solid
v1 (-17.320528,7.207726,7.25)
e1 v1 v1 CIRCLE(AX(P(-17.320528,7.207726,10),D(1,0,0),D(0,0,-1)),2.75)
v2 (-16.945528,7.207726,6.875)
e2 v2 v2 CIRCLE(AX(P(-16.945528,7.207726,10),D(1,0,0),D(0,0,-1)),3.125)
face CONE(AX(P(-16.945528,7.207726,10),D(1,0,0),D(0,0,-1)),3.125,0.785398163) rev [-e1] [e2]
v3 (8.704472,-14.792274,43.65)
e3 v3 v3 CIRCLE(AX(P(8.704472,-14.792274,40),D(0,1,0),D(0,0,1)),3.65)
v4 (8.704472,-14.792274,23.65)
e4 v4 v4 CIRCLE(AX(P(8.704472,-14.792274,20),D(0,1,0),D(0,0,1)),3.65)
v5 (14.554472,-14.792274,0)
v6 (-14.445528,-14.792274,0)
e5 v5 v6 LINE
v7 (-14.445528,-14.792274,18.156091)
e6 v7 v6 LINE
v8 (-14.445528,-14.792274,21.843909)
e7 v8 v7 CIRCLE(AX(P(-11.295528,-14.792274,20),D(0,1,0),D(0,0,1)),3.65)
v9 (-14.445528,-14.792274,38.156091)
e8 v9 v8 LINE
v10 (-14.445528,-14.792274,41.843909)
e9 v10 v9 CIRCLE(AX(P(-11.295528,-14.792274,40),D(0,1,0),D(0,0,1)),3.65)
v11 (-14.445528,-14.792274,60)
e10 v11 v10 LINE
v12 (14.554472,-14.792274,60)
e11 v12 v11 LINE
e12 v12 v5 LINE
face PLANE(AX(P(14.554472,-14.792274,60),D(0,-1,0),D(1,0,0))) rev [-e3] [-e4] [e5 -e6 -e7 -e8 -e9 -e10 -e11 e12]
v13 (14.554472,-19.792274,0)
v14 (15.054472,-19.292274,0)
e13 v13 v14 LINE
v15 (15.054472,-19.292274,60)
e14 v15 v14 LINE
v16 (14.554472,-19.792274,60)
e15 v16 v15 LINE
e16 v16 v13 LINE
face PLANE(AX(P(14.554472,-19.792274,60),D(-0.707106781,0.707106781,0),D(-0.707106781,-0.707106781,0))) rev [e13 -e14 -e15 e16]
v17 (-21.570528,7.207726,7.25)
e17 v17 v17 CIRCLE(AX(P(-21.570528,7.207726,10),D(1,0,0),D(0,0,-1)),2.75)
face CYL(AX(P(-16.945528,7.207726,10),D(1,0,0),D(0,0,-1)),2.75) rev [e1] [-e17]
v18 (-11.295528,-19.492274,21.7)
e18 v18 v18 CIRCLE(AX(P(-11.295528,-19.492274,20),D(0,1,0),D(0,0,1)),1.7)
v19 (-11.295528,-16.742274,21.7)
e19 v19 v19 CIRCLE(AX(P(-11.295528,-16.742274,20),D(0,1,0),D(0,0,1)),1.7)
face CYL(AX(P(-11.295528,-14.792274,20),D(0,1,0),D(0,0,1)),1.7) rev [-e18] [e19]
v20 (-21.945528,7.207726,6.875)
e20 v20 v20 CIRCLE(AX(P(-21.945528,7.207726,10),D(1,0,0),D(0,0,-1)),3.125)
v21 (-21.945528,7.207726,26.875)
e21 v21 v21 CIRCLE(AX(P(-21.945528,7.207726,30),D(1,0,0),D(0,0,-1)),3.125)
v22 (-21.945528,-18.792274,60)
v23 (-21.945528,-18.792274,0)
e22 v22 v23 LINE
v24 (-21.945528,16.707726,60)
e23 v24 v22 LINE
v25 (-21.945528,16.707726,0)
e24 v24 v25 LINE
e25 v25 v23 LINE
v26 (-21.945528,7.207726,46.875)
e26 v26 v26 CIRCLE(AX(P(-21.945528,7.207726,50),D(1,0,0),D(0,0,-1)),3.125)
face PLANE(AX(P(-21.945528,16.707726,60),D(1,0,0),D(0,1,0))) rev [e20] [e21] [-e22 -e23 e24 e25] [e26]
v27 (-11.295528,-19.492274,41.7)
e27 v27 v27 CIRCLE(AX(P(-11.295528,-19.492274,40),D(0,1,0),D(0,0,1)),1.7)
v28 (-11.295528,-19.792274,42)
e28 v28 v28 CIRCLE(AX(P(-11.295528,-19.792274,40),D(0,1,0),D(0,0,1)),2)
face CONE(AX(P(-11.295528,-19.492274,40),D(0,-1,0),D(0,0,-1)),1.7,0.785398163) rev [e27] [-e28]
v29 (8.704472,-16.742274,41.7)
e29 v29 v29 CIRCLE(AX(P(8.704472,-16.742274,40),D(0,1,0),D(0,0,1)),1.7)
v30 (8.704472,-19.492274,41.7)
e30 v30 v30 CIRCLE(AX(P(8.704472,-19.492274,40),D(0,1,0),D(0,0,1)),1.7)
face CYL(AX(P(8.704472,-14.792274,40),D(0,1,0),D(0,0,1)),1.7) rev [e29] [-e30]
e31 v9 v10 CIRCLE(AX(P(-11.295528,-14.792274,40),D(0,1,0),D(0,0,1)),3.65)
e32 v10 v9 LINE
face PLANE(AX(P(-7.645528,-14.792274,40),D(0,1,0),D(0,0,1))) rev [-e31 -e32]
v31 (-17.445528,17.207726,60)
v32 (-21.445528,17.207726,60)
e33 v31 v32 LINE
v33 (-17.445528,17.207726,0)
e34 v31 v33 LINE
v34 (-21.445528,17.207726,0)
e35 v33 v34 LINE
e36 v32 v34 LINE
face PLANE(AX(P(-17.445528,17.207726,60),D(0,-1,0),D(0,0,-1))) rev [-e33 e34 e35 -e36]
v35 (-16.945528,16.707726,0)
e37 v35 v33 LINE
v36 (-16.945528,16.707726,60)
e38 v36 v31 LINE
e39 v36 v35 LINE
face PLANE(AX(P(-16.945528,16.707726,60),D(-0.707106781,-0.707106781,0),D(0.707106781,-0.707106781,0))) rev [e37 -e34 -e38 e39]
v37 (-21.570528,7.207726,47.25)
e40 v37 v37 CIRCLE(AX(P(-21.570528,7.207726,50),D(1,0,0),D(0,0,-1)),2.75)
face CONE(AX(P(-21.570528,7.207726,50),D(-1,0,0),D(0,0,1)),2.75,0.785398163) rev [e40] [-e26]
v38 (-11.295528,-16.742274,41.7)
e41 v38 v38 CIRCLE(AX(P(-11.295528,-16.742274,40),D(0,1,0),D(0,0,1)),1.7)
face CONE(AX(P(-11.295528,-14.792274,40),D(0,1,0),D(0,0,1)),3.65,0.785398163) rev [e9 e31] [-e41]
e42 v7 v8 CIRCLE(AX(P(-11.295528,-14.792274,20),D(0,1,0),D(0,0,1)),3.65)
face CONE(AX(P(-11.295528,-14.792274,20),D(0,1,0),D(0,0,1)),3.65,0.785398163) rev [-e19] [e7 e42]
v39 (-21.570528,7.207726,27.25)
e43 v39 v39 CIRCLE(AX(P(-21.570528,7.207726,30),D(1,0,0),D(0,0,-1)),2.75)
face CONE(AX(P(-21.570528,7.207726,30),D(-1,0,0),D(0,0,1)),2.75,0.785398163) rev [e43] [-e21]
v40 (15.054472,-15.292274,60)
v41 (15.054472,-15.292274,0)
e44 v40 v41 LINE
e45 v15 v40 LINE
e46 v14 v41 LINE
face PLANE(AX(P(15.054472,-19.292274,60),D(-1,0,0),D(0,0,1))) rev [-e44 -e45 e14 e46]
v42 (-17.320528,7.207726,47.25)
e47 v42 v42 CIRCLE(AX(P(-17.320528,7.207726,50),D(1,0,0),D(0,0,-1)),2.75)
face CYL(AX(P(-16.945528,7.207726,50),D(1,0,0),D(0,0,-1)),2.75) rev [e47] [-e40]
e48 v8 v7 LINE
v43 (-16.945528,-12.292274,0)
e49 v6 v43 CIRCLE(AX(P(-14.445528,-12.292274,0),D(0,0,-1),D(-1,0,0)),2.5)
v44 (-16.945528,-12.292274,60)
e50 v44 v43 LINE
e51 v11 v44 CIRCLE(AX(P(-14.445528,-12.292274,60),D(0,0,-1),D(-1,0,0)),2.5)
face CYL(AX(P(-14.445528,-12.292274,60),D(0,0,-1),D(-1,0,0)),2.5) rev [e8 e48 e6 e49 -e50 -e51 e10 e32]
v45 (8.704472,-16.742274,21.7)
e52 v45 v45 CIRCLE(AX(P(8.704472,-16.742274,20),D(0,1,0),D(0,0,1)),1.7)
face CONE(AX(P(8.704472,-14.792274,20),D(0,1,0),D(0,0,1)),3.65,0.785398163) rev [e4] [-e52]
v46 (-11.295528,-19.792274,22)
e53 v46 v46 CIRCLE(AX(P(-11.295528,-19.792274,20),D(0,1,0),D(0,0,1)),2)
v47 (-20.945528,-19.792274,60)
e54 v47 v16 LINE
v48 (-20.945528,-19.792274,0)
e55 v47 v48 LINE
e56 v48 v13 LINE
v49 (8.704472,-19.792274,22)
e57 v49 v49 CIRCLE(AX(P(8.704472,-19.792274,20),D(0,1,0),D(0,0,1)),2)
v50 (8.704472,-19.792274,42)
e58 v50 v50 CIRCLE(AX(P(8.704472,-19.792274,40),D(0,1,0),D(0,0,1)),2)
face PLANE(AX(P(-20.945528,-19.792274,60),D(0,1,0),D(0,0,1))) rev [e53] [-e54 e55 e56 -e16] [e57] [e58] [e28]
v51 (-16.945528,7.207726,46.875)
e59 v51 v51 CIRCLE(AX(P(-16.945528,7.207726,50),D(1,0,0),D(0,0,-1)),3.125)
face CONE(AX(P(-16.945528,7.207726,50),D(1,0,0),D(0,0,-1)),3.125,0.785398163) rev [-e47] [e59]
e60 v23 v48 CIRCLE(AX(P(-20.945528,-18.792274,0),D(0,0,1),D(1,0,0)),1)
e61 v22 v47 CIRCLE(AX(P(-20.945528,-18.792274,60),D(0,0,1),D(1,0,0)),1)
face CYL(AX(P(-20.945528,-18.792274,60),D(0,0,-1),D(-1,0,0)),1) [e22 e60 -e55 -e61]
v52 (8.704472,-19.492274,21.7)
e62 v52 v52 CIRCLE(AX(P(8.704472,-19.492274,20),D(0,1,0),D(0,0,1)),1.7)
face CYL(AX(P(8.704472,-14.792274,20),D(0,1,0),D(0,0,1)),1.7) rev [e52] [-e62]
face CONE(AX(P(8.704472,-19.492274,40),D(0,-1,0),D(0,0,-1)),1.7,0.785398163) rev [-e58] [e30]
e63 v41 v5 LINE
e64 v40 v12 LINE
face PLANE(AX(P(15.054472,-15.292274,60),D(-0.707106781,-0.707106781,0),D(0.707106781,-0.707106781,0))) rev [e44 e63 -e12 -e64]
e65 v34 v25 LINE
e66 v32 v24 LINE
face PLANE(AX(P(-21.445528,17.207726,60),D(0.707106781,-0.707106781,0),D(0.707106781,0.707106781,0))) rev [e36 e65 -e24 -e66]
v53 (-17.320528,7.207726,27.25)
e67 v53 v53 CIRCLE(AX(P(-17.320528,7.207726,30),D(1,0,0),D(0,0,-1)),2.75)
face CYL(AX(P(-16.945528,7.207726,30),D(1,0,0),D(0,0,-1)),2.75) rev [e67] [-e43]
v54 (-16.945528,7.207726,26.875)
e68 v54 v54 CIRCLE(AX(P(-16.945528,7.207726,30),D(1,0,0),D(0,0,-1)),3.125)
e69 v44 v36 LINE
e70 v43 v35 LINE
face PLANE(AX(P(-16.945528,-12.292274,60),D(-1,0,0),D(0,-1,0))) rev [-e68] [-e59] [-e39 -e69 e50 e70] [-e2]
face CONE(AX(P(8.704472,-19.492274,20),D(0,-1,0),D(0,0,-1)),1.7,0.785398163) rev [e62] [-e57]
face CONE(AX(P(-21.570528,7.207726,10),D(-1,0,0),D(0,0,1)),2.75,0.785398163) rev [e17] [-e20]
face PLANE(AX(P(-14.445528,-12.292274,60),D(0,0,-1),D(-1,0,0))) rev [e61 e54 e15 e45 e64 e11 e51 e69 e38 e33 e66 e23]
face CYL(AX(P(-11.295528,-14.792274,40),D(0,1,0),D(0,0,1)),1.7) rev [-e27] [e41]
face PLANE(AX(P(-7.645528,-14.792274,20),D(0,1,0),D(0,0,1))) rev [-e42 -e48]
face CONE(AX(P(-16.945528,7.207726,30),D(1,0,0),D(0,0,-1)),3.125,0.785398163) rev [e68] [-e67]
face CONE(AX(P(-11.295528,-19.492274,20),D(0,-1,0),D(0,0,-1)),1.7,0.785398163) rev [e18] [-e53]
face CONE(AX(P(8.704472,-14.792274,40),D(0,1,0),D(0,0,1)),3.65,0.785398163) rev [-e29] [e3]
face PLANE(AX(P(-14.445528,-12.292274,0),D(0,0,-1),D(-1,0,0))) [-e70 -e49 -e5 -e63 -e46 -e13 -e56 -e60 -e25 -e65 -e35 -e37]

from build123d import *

# Parameters (mm, degrees)
BOSS_EXTRUDE1_DEPTH                            = 60
CSK_FOR_M3_FLAT_HEAD_MACHINE_SCREW1_AT_2_COUNT = 2
CSK_FOR_M3_FLAT_HEAD_MACHINE_SCREW1_AT_2_PITCH = 20
CSK_FOR_M3_FLAT_HEAD_MACHINE_SCREW1_AT_3_COUNT = 2
CSK_FOR_M3_FLAT_HEAD_MACHINE_SCREW1_AT_3_PITCH = 28.284271247
CSK_FOR_M3_FLAT_HEAD_MACHINE_SCREW1_AT_4_COUNT = 2
CSK_FOR_M3_FLAT_HEAD_MACHINE_SCREW1_AT_4_PITCH = 20
M5_CLEARANCE_HOLE1_AT_2_COUNT                  = 2
M5_CLEARANCE_HOLE1_AT_2_PITCH                  = 20
M5_CLEARANCE_HOLE1_AT_3_COUNT                  = 2
M5_CLEARANCE_HOLE1_AT_3_PITCH                  = 40


with BuildPart() as part:
    # Sketch1 → Boss-Extrude1 (new body)
    with BuildSketch(Plane.XY):
        with BuildLine():
            Line((-21.945528184, 16.707726181), (-21.945528184, -18.792273819))
            ThreePointArc((-21.945528184, -18.792273819), (-21.652634965, -19.4993806), (-20.945528184, -19.792273819))
            Line((-20.945528184, -19.792273819), (14.554471816, -19.792273819))
            Line((14.554471816, -19.792273819), (15.054471816, -19.292273819))
            Line((15.054471816, -19.292273819), (15.054471816, -15.292273819))
            Line((15.054471816, -15.292273819), (14.554471816, -14.792273819))
            Line((14.554471816, -14.792273819), (-14.445528184, -14.792273819))
            ThreePointArc((-14.445528184, -14.792273819), (-16.213295137, -14.060040772), (-16.945528184, -12.292273819))
            Line((-16.945528184, -12.292273819), (-16.945528184, 16.707726181))
            Line((-16.945528184, 16.707726181), (-17.445528184, 17.207726181))
            Line((-17.445528184, 17.207726181), (-21.445528184, 17.207726181))
            Line((-21.445528184, 17.207726181), (-21.945528184, 16.707726181))
        make_face()
    extrude(amount=BOSS_EXTRUDE1_DEPTH)

    # Sketch3 → CSK for M3 Flat Head Machine Screw1 (revolve, cut)
    with BuildSketch(Plane(origin=(-11.295528184, -14.792273819, 40), x_dir=(0, 0, 1), z_dir=(1, 0, 0))):
        Polygon((0, 0), (0, 5), (2, 5), (1.7, 4.7), (1.7, 1.95), (3.65, 0), align=None)
    csk_for_m3_flat_head_machine_screw1 = revolve(axis=Axis((-11.295528184, -8.442273819, 40), (0, -1, 0)), mode=Mode.SUBTRACT)

    # CSK for M3 Flat Head Machine Screw1 at 2: CSK for M3 Flat Head Machine Screw1 ×2
    with Locations(*[(i * CSK_FOR_M3_FLAT_HEAD_MACHINE_SCREW1_AT_2_PITCH, 0, 0) for i in range(1, CSK_FOR_M3_FLAT_HEAD_MACHINE_SCREW1_AT_2_COUNT)]):
        add(csk_for_m3_flat_head_machine_screw1, mode=Mode.SUBTRACT)

    # CSK for M3 Flat Head Machine Screw1 at 3: CSK for M3 Flat Head Machine Screw1 ×2
    with Locations(*[Vector(0.7071067811865475, 0, -0.7071067811865476) * (i * CSK_FOR_M3_FLAT_HEAD_MACHINE_SCREW1_AT_3_PITCH) for i in range(1, CSK_FOR_M3_FLAT_HEAD_MACHINE_SCREW1_AT_3_COUNT)]):
        add(csk_for_m3_flat_head_machine_screw1, mode=Mode.SUBTRACT)

    # CSK for M3 Flat Head Machine Screw1 at 4: CSK for M3 Flat Head Machine Screw1 ×2
    with Locations(*[(0, 0, -i * CSK_FOR_M3_FLAT_HEAD_MACHINE_SCREW1_AT_4_PITCH) for i in range(1, CSK_FOR_M3_FLAT_HEAD_MACHINE_SCREW1_AT_4_COUNT)]):
        add(csk_for_m3_flat_head_machine_screw1, mode=Mode.SUBTRACT)

    # Sketch5 → M5 Clearance Hole1 (revolve, cut)
    with BuildSketch(Plane(origin=(-16.945528184, 7.207726181, 50), x_dir=(0, 0, -1), z_dir=(0, 1, 0))):
        Polygon((0, 0), (0, 5), (3.125, 5), (2.75, 4.625), (2.75, 0.375), (3.125, 0), align=None)
    m5_clearance_hole1 = revolve(axis=Axis((-10.595528184, 7.207726181, 50), (-1, 0, 0)), mode=Mode.SUBTRACT)

    # M5 Clearance Hole1 at 2: M5 Clearance Hole1 ×2
    with Locations(*[(0, 0, -i * M5_CLEARANCE_HOLE1_AT_2_PITCH) for i in range(1, M5_CLEARANCE_HOLE1_AT_2_COUNT)]):
        add(m5_clearance_hole1, mode=Mode.SUBTRACT)

    # M5 Clearance Hole1 at 3: M5 Clearance Hole1 ×2
    with Locations(*[(0, 0, -i * M5_CLEARANCE_HOLE1_AT_3_PITCH) for i in range(1, M5_CLEARANCE_HOLE1_AT_3_COUNT)]):
        add(m5_clearance_hole1, mode=Mode.SUBTRACT)


solid = part.part
